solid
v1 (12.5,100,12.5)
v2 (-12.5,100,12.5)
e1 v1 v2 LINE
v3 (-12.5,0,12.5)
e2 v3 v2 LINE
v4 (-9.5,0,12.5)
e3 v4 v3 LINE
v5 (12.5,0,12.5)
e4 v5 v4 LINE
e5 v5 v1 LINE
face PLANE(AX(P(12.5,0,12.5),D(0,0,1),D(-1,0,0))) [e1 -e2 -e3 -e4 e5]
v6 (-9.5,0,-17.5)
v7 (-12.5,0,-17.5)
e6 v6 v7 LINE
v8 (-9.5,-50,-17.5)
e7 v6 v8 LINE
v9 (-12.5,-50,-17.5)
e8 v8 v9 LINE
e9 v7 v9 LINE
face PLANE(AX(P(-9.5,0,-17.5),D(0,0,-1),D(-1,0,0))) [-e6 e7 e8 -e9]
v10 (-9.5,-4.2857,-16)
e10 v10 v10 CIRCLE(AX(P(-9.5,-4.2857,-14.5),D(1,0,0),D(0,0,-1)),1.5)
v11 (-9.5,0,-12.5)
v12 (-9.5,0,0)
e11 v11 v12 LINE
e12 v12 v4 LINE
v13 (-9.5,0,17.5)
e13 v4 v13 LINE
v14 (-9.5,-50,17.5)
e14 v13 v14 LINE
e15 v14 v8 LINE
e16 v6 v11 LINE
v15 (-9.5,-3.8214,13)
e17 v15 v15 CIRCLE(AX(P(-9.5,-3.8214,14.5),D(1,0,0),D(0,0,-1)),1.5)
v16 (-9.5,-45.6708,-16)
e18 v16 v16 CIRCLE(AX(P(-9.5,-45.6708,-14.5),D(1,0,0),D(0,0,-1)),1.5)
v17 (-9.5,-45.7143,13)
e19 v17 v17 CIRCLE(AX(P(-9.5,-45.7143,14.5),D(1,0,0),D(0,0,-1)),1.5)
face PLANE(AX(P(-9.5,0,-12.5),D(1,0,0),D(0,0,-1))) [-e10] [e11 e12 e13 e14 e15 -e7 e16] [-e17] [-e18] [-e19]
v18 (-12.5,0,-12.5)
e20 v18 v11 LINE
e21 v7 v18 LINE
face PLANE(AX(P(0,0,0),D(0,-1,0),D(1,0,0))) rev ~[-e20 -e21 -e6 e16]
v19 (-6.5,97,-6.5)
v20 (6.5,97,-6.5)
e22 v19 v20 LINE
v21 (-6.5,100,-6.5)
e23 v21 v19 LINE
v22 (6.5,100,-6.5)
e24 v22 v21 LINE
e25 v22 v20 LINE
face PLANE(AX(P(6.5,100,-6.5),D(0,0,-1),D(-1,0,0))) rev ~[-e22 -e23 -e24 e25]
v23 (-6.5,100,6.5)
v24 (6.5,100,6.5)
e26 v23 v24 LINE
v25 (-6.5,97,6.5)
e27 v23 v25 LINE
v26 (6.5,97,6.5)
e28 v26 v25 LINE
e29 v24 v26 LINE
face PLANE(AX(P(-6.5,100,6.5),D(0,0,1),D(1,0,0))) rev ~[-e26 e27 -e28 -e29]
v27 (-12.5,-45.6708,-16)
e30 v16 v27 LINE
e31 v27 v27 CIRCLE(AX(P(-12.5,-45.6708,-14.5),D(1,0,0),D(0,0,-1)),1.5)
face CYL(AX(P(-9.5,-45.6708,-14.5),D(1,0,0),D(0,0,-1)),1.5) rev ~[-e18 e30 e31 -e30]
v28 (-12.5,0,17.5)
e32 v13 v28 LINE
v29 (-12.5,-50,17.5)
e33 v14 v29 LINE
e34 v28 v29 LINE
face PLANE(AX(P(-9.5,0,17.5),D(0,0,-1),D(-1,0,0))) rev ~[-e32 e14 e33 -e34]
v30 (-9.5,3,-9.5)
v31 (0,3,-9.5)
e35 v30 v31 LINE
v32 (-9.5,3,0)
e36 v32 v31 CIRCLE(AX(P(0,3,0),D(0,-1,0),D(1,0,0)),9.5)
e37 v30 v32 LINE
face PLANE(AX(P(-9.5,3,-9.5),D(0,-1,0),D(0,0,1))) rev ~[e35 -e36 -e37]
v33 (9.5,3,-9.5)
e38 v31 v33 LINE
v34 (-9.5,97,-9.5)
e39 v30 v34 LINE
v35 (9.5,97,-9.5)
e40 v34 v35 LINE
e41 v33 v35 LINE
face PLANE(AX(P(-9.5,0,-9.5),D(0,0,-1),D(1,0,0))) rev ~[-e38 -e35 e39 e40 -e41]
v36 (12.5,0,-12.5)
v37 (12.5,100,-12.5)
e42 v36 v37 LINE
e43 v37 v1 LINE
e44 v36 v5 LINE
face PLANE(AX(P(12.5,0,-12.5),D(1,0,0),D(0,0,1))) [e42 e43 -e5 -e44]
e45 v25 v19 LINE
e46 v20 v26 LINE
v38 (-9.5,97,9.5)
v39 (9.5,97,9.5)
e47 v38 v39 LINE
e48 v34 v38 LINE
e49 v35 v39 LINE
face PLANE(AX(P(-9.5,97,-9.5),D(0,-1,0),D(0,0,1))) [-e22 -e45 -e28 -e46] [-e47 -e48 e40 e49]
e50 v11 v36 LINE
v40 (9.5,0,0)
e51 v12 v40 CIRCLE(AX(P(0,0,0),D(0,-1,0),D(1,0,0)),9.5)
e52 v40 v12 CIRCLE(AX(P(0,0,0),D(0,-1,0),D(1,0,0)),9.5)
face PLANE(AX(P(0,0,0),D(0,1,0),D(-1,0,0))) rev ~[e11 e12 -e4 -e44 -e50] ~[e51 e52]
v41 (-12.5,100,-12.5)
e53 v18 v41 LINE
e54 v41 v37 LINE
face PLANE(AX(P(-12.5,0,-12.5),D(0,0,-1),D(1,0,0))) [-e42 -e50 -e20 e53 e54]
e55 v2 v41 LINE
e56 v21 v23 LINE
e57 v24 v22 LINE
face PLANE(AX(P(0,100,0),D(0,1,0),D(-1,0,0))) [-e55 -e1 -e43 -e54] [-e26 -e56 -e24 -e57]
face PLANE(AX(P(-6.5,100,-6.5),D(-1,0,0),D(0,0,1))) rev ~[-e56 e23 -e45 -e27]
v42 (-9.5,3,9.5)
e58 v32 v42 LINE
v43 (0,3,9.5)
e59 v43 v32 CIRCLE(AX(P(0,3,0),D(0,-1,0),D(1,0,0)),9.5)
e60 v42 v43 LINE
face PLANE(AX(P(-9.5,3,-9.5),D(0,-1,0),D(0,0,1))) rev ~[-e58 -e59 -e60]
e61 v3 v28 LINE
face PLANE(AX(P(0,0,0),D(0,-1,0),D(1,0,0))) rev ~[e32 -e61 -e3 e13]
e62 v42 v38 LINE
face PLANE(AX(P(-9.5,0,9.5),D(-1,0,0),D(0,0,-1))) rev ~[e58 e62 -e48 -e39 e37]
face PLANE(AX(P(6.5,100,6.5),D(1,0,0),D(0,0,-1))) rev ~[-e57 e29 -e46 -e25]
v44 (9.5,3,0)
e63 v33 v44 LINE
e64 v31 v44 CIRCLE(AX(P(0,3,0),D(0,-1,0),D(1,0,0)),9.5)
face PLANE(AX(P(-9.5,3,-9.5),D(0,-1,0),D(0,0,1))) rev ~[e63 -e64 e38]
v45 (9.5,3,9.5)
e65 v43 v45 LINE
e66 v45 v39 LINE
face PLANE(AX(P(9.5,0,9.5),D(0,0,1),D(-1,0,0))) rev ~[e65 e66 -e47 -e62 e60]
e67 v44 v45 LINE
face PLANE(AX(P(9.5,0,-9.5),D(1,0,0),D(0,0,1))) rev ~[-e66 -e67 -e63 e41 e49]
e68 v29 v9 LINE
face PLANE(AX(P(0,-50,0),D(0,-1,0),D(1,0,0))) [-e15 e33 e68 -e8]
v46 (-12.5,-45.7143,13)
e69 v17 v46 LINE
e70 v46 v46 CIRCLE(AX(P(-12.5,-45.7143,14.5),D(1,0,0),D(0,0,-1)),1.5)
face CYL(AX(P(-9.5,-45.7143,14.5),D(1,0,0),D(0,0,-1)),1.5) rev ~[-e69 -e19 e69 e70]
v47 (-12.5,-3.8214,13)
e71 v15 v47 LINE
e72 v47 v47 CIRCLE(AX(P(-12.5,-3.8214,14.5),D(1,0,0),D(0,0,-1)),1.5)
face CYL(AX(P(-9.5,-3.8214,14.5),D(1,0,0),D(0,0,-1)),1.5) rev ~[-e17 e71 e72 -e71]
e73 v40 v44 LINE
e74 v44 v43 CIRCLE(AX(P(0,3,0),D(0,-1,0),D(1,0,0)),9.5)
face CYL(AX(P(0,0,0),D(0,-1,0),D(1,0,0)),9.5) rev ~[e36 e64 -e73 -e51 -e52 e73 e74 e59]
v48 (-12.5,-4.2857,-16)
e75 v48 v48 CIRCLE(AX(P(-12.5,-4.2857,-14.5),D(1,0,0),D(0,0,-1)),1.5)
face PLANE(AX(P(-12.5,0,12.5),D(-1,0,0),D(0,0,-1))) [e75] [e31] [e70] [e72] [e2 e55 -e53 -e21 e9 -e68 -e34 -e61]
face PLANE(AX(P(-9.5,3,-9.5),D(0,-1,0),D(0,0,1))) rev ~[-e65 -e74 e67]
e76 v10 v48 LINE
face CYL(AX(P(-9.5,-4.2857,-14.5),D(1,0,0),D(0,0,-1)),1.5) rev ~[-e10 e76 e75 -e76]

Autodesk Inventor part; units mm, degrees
ref_plane "YZ Plane" through (0, 0, 0) normal (1, 0, 0) x (0, 1, 0)
ref_plane "XZ Plane" through (0, 0, 0) normal (0, 1, 0) x (-1, 0, 0)
ref_plane "XY Plane" through (0, 0, 0) normal (0, 0, 1) x (1, 0, 0)
sketch "Sketch1" plane through (0, 0, 0) normal (0, 1, 0) x (-1, 0, 0)
  line L0 (-12.5, 12.5) -> (12.5, 12.5)
  line L1 (12.5, 12.5) -> (12.5, -12.5)
  line L2 (12.5, -12.5) -> (-12.5, -12.5)
  line L3 (-12.5, -12.5) -> (-12.5, 12.5)
  line L4 (-12.5, 12.5) -> (12.5, -12.5) construction
  line L5 (12.5, 12.5) -> (-12.5, -12.5) construction
  line L6 (-9.5, 9.5) -> (9.5, 9.5)
  line L7 (9.5, 9.5) -> (9.5, -9.5)
  line L8 (9.5, -9.5) -> (-9.5, -9.5)
  line L9 (-9.5, -9.5) -> (-9.5, 9.5)
  line L10 (-9.5, 9.5) -> (9.5, -9.5) construction
  line L11 (9.5, 9.5) -> (-9.5, -9.5) construction
  point P0 (0, 0)
  dimension "d0" = 25
  dimension "d1" = 25
  dimension "d2" = 3
  dimension "d3" = 3
extrude "Extrusion1" add sketch "Sketch1" along normal blind 100
sketch "Sketch2" plane through (-9.5, 0, 9.5) normal (1, 0, 0) x (0, 0, -1)
  line L0 (0, 0) -> (0, 100) projected
  line L1 (19, 0) -> (19, 100) projected
  line L2 (0, 0) -> (0, 100) projected
  line L3 (19, 0) -> (19, 100) projected
  line L4 (0, 100) -> (19, 100)
  line L5 (19, 100) -> (19, 97)
  line L6 (19, 97) -> (0, 97)
  line L7 (0, 97) -> (0, 100)
  point P0 (9.5, 0)
  point P1 (0, 97)
  point P2 (19, 97)
  dimension "d6" = 3
extrude "Extrusion2" add sketch "Sketch2" along normal up to surface (19 mm away)
sketch "Sketch3" plane through (0, 100, 0) normal (0, 1, 0) x (1, 0, 0)
  line L0 (9.5, -9.5) -> (9.5, 9.5) projected
  line L1 (-9.5, -9.5) -> (9.5, -9.5) projected
  line L2 (-9.5, 9.5) -> (-9.5, -9.5) projected
  line L3 (9.5, 9.5) -> (-9.5, 9.5) projected
  line L4 (3.5, 3.5) -> (-3.5, 3.5)
  line L5 (-3.5, 3.5) -> (-3.5, -3.5)
  line L6 (-3.5, -3.5) -> (3.5, -3.5)
  line L7 (3.5, -3.5) -> (3.5, 3.5)
  line L8 (3.5, 3.5) -> (-3.5, -3.5) construction
  line L9 (-3.5, 3.5) -> (3.5, -3.5) construction
  line L10 (6.5, 6.5) -> (-6.5, 6.5)
  line L11 (-6.5, 6.5) -> (-6.5, -6.5)
  line L12 (-6.5, -6.5) -> (6.5, -6.5)
  line L13 (6.5, -6.5) -> (6.5, 6.5)
  line L14 (6.5, 6.5) -> (-6.5, -6.5) construction
  line L15 (-6.5, 6.5) -> (6.5, -6.5) construction
  point P0 (0, 0)
  dimension "d9" = 13
  dimension "d10" = 13
  dimension "d11" = 3
  dimension "d12" = 3
extrude "Extrusion3" cut sketch "Sketch3" against normal blind 200 contours L7 L6 L5 L4 | L13 L12 L11 L10
sketch "Sketch4" plane through (-9.5, 0, 9.5) normal (1, 0, 0) x (0, 0, -1)
  line L0 (0, 0) -> (0, 97) projected
  line L1 (19, 0) -> (19, 97) projected
  line L2 (0, 0) -> (19, 0)
  line L3 (19, 0) -> (19, 3)
  line L4 (19, 3) -> (0, 3)
  line L5 (0, 3) -> (0, 0)
  point P0 (9.5, 0)
  dimension "d15" = 3
extrude "Extrusion4" add sketch "Sketch4" along normal up to surface (19 mm away)
sketch "Sketch5" plane through (0, 0, 0) normal (0, -1, 0) x (1, 0, 0)
  line L0 (-6.5, 6.5) -> (6.5, 6.5) projected
  line L1 (6.5, 6.5) -> (6.5, -6.5) projected
  line L2 (6.5, -6.5) -> (-6.5, -6.5) projected
  line L3 (-6.5, -6.5) -> (-6.5, 6.5) projected
  line L4 (-9.5, -9.5) -> (9.5, -9.5) projected
  line L5 (9.5, -9.5) -> (9.5, 9.5) projected
  line L6 (9.5, 9.5) -> (-9.5, 9.5) projected
  line L7 (-9.5, 9.5) -> (-9.5, -9.5) projected
  circle A0 centre (0, 0) radius 5
extrude "Extrusion5" cut sketch "Sketch5" against normal blind 200 contours A0
sketch "Sketch9" plane through (0, 0, 0) normal (0, -1, 0) x (1, 0, 0)
  circle A0 centre (0, 0) radius 9.5 projected
  point P0 (0, 0)
extrude "Extrusion9" cut sketch "Sketch9" against normal blind 10
sketch "Sketch10" plane through (0, 0, 0) normal (0, -1, 0) x (1, 0, 0)
  line L0 (12.5, -12.5) -> (-12.5, -12.5) projected
  line L1 (-12.5, -12.5) -> (-12.5, 12.5) projected
  line L2 (-12.5, -12.5) -> (-12.5, 12.5) projected
  line L3 (-12.5, 12.5) -> (-9.5, 12.5)
  line L4 (-9.5, 12.5) -> (-9.5, -12.5)
  line L5 (-9.5, -12.5) -> (-12.5, -12.5)
  line L6 (-12.5, -12.5) -> (-12.5, 12.5)
  line L7 (-6.024, 15.0194) -> (-8.024, 15.0194) projected
  line L8 (-8.024, -14.9806) -> (-6.024, -14.9806) projected
  line L9 (-12.5, 12.5) -> (12.5, 12.5) projected
  line L10 (-12.5, 12.5) -> (-9.5, 12.5)
  line L11 (-9.5, 12.5) -> (-9.5, 17.5)
  line L12 (-9.5, 17.5) -> (-12.5, 17.5)
  line L13 (-12.5, 17.5) -> (-12.5, 12.5)
  line L14 (12.5, -12.5) -> (-12.5, -12.5) projected
  line L15 (-12.5, -12.5) -> (-9.5, -12.5)
  line L16 (-9.5, -12.5) -> (-9.5, -17.5)
  line L17 (-9.5, -17.5) -> (-12.5, -17.5)
  line L18 (-12.5, -17.5) -> (-12.5, -12.5)
  point P0 (0, 0)
  point P1 (-12.5, 0)
  dimension "d53" = 3
  dimension "d54" = 25
  dimension "d55" = 5
  dimension "d56" = 5
extrude "Extrusion10" add sketch "Sketch10" along normal blind 50
sketch "Sketch11" plane through (-9.5, 0, -12.5) normal (1, 0, 0) x (0, 0, -1)
  line L0 (-30, 0) -> (-30, -50) construction
  line L1 (0, 0) -> (5, 0) construction
  line L2 (-30, -50) -> (5, 0) construction
  line L3 (5, 0) -> (-29.6481, 0) construction
  line L4 (-29.6481, 0) -> (5, -50) construction
  circle A0 centre (-27, -45.7143) radius 1.5
  circle A1 centre (-27, -3.8214) radius 1.5
  circle A2 centre (2, -4.2857) radius 1.5
  circle A3 centre (2, -45.6708) radius 1.5
  line L5 (5, 0) -> (5, -50) projected
  point P0 (-12.5, 0)
  dimension "d57" = 3
  dimension "d58" = 3
  dimension "d59" = 3
  dimension "d60" = 3
  dimension "d61" = 3
  dimension "d62" = 3
  dimension "d63" = 3
  dimension "d64" = 3
extrude "Extrusion11" cut sketch "Sketch11" against normal through all
properties part number "Cylinder"
